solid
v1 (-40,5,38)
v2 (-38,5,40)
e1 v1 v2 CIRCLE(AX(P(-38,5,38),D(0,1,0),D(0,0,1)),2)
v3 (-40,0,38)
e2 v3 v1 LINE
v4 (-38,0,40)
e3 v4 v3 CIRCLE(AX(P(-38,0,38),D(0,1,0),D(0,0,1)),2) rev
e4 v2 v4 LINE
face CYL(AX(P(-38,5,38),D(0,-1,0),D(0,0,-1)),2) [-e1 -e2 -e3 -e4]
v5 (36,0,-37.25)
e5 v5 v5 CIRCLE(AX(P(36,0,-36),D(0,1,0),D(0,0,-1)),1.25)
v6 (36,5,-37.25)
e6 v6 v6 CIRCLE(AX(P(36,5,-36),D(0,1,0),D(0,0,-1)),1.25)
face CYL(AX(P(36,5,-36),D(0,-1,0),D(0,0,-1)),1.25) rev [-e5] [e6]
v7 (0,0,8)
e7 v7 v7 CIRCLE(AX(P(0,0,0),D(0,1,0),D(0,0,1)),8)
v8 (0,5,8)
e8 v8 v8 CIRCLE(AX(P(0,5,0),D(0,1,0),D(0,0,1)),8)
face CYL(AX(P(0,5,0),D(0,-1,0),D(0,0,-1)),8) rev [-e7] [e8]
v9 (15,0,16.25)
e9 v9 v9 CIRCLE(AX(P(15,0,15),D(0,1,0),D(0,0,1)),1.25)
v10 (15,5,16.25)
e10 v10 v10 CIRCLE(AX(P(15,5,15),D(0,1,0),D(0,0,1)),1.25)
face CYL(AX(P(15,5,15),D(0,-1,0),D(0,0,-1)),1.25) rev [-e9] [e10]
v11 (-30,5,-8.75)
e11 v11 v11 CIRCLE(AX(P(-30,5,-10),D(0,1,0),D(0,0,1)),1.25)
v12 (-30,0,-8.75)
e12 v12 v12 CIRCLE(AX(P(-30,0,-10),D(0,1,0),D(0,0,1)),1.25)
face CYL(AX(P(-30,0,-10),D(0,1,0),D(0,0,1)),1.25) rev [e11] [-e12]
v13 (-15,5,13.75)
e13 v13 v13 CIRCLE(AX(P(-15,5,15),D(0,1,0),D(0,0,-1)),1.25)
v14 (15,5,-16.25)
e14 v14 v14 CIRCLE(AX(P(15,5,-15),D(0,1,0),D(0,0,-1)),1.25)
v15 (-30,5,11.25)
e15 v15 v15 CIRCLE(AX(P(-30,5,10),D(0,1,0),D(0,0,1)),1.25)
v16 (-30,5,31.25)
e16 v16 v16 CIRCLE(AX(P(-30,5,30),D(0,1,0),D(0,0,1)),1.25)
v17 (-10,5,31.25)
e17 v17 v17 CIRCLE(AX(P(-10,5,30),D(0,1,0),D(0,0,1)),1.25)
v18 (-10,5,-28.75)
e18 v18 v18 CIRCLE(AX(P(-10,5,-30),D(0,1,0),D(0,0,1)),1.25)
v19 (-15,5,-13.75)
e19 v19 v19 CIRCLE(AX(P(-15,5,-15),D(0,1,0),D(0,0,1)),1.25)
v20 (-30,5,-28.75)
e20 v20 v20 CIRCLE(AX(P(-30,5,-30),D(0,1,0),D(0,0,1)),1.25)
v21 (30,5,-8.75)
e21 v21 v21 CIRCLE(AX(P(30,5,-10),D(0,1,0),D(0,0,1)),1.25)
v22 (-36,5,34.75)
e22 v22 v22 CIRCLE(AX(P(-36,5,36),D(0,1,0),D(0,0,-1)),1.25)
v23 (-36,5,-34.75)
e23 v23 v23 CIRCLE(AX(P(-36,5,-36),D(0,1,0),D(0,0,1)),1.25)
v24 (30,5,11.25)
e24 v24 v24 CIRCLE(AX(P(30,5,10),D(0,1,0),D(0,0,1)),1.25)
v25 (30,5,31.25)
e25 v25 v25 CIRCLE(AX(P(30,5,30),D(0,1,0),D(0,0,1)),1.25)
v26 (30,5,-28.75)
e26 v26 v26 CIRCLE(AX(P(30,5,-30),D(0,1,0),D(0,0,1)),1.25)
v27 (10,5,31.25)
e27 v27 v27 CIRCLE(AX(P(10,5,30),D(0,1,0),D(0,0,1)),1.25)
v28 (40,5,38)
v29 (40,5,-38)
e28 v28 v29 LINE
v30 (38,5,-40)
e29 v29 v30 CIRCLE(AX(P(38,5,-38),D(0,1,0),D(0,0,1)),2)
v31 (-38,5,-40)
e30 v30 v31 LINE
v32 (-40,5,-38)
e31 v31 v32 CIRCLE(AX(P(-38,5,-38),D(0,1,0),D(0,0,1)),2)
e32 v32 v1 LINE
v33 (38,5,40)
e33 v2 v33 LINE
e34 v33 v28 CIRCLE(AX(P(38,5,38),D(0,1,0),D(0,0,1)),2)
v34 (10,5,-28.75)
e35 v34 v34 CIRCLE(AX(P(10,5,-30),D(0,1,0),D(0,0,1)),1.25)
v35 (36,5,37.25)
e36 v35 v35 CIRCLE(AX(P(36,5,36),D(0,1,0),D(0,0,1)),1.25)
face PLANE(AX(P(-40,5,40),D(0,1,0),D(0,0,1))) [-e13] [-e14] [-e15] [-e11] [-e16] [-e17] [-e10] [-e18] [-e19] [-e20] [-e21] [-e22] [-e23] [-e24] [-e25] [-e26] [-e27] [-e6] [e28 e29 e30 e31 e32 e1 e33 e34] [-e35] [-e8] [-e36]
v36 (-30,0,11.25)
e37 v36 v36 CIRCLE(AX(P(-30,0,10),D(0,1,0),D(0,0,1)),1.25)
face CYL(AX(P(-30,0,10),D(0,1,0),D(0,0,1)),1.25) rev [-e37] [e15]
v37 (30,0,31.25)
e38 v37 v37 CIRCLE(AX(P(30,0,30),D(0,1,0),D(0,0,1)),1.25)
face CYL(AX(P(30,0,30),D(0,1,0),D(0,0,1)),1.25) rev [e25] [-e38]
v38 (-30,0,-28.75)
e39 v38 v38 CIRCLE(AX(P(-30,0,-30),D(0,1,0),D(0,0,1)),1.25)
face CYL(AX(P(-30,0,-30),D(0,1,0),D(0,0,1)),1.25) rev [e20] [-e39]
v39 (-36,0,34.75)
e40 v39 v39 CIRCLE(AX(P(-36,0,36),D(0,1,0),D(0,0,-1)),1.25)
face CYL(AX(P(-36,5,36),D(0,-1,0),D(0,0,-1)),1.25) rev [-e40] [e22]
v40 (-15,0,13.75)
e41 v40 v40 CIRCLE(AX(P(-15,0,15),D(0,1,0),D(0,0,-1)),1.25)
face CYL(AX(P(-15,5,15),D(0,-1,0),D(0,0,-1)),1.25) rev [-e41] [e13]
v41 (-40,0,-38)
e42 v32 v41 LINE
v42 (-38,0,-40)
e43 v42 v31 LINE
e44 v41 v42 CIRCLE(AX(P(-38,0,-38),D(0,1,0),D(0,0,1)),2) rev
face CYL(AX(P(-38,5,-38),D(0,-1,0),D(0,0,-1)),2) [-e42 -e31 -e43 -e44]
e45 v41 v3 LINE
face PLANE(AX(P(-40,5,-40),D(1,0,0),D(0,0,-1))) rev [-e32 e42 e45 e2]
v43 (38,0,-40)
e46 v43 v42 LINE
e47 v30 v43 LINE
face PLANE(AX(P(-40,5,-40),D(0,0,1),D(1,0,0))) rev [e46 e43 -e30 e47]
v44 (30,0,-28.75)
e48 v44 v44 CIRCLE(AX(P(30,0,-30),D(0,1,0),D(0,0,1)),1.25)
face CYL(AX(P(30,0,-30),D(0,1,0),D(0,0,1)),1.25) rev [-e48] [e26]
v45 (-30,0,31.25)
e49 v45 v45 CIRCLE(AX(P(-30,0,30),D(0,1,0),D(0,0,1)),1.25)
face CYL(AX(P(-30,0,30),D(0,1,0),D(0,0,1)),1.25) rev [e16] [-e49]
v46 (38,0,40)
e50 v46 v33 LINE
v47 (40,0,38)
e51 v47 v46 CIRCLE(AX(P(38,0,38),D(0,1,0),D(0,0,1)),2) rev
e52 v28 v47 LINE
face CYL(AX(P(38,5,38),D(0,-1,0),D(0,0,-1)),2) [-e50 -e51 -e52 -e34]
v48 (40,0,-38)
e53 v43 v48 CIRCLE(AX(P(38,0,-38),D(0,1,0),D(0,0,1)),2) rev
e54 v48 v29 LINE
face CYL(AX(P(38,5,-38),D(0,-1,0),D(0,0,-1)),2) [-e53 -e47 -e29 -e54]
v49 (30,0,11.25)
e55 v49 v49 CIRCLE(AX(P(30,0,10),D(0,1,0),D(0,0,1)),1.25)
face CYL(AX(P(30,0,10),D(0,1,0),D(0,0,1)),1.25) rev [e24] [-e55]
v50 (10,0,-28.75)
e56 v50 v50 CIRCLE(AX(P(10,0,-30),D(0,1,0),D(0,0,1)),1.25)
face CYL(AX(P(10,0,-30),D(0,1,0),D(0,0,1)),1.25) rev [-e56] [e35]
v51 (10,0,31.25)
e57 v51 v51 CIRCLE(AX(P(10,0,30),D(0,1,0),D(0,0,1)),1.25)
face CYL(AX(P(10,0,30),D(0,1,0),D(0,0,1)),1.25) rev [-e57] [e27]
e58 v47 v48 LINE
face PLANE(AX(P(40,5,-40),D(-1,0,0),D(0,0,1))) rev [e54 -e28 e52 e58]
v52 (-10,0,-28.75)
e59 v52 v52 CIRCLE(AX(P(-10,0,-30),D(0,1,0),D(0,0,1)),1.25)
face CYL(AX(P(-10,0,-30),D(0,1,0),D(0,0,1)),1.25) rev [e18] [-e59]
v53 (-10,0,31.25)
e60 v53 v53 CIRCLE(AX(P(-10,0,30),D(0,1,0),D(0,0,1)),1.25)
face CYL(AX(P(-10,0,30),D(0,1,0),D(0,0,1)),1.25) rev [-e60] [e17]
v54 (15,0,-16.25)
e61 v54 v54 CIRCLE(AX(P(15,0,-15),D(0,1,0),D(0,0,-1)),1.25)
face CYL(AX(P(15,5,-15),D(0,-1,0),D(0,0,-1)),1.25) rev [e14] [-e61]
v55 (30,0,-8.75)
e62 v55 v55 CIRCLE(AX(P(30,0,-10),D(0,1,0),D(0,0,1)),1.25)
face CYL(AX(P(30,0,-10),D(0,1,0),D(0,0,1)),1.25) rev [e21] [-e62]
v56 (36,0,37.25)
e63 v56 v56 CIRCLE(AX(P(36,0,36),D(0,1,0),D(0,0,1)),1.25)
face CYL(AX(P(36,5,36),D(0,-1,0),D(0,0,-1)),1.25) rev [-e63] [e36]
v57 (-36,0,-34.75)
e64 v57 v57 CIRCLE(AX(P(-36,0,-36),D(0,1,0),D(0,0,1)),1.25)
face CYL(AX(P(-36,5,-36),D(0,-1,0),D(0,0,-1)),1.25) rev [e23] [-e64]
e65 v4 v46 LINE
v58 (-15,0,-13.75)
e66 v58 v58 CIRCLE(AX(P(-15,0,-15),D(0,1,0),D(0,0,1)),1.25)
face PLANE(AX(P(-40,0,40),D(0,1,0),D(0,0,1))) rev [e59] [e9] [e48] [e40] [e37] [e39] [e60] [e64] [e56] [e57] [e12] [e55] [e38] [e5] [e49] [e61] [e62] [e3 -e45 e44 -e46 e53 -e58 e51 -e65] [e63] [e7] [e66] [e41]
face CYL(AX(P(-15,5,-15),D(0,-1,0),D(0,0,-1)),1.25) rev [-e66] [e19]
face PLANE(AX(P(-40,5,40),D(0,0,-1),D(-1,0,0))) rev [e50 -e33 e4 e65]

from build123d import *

# Parameters (mm, degrees)
ESQUISSE1_W                     = 80
ESQUISSE1_H                     = 80
ESQUISSE1_R                     = 1.25
ESQUISSE1_R_2                   = 8
EXTRUSION1_DEPTH                = 5
ESQUISSE2_R                     = 1.25
ENL_V_MAT_EXTRU_1_DEPTH         = 57.789083458
R_P_TITION_LIN_AIRE1_COUNT      = 4
R_P_TITION_LIN_AIRE1_PITCH      = 20
R_P_TITION_LIN_AIRE1_COUNT_DIR2 = 4
R_P_TITION_LIN_AIRE1_PITCH_DIR2 = 20
CONG_1_R                        = 2


with BuildPart() as part:
    # Esquisse1 → Extrusion1 (new body)
    with BuildSketch(Plane(origin=(0, 0, 0), x_dir=(1, 0, 0), z_dir=(0, 1, 0))):
        Rectangle(ESQUISSE1_W, ESQUISSE1_H)
        with Locations(Location((-15, 15, 0), (0, 0, 270))):
            Circle(ESQUISSE1_R, mode=Mode.SUBTRACT)
        with Locations(Location((15, 15, 0), (0, 0, 90))):
            Circle(ESQUISSE1_R, mode=Mode.SUBTRACT)
        with Locations(Location((-15, -15, 0), (0, 0, 90))):
            Circle(ESQUISSE1_R, mode=Mode.SUBTRACT)
        with Locations(Location((15, -15, 0), (0, 0, 270))):
            Circle(ESQUISSE1_R, mode=Mode.SUBTRACT)
        with Locations(Location((-36, 36, 0), (0, 0, 270))):
            Circle(ESQUISSE1_R, mode=Mode.SUBTRACT)
        with Locations(Location((36, 36, 0), (0, 0, 90))):
            Circle(ESQUISSE1_R, mode=Mode.SUBTRACT)
        with Locations(Location((36, -36, 0), (0, 0, 270))):
            Circle(ESQUISSE1_R, mode=Mode.SUBTRACT)
        with Locations(Location((-36, -36, 0), (0, 0, 90))):
            Circle(ESQUISSE1_R, mode=Mode.SUBTRACT)
        with Locations(Location((0, 0, 0), (0, 0, 270))):
            Circle(ESQUISSE1_R_2, mode=Mode.SUBTRACT)
    extrude(amount=EXTRUSION1_DEPTH)

    # Esquisse2 → Enlèv. mat.-Extru.1 (cut, through all)
    with BuildSketch(Plane(origin=(0, 5, 0), x_dir=(1, 0, 0), z_dir=(0, 1, 0))):
        with Locations(Location((-30, 30, 0), (0, 0, 270))):
            Circle(ESQUISSE2_R)
    enl_v_mat_extru_1 = extrude(amount=-ENL_V_MAT_EXTRU_1_DEPTH, mode=Mode.SUBTRACT)

    # Répétition linéaire1: Enl_v. mat.-Extru.1 4 × 4, 4 skipped
    with Locations(*[(j * R_P_TITION_LIN_AIRE1_PITCH_DIR2, 0, i * R_P_TITION_LIN_AIRE1_PITCH) for i in range(R_P_TITION_LIN_AIRE1_COUNT) for j in range(R_P_TITION_LIN_AIRE1_COUNT_DIR2) if (i, j) not in ((0, 0), (1, 1), (1, 2), (2, 1), (2, 2))]):
        add(enl_v_mat_extru_1, mode=Mode.SUBTRACT)

    # Congé1
    cong_1_edges = [part.edges().sort_by_distance(p)[0] for p in [
        (-40, 2.5, -40),
        (40, 2.5, -40),
        (40, 2.5, 40),
        (-40, 2.5, 40),
    ]]
    fillet(cong_1_edges, radius=CONG_1_R)


solid = part.part
